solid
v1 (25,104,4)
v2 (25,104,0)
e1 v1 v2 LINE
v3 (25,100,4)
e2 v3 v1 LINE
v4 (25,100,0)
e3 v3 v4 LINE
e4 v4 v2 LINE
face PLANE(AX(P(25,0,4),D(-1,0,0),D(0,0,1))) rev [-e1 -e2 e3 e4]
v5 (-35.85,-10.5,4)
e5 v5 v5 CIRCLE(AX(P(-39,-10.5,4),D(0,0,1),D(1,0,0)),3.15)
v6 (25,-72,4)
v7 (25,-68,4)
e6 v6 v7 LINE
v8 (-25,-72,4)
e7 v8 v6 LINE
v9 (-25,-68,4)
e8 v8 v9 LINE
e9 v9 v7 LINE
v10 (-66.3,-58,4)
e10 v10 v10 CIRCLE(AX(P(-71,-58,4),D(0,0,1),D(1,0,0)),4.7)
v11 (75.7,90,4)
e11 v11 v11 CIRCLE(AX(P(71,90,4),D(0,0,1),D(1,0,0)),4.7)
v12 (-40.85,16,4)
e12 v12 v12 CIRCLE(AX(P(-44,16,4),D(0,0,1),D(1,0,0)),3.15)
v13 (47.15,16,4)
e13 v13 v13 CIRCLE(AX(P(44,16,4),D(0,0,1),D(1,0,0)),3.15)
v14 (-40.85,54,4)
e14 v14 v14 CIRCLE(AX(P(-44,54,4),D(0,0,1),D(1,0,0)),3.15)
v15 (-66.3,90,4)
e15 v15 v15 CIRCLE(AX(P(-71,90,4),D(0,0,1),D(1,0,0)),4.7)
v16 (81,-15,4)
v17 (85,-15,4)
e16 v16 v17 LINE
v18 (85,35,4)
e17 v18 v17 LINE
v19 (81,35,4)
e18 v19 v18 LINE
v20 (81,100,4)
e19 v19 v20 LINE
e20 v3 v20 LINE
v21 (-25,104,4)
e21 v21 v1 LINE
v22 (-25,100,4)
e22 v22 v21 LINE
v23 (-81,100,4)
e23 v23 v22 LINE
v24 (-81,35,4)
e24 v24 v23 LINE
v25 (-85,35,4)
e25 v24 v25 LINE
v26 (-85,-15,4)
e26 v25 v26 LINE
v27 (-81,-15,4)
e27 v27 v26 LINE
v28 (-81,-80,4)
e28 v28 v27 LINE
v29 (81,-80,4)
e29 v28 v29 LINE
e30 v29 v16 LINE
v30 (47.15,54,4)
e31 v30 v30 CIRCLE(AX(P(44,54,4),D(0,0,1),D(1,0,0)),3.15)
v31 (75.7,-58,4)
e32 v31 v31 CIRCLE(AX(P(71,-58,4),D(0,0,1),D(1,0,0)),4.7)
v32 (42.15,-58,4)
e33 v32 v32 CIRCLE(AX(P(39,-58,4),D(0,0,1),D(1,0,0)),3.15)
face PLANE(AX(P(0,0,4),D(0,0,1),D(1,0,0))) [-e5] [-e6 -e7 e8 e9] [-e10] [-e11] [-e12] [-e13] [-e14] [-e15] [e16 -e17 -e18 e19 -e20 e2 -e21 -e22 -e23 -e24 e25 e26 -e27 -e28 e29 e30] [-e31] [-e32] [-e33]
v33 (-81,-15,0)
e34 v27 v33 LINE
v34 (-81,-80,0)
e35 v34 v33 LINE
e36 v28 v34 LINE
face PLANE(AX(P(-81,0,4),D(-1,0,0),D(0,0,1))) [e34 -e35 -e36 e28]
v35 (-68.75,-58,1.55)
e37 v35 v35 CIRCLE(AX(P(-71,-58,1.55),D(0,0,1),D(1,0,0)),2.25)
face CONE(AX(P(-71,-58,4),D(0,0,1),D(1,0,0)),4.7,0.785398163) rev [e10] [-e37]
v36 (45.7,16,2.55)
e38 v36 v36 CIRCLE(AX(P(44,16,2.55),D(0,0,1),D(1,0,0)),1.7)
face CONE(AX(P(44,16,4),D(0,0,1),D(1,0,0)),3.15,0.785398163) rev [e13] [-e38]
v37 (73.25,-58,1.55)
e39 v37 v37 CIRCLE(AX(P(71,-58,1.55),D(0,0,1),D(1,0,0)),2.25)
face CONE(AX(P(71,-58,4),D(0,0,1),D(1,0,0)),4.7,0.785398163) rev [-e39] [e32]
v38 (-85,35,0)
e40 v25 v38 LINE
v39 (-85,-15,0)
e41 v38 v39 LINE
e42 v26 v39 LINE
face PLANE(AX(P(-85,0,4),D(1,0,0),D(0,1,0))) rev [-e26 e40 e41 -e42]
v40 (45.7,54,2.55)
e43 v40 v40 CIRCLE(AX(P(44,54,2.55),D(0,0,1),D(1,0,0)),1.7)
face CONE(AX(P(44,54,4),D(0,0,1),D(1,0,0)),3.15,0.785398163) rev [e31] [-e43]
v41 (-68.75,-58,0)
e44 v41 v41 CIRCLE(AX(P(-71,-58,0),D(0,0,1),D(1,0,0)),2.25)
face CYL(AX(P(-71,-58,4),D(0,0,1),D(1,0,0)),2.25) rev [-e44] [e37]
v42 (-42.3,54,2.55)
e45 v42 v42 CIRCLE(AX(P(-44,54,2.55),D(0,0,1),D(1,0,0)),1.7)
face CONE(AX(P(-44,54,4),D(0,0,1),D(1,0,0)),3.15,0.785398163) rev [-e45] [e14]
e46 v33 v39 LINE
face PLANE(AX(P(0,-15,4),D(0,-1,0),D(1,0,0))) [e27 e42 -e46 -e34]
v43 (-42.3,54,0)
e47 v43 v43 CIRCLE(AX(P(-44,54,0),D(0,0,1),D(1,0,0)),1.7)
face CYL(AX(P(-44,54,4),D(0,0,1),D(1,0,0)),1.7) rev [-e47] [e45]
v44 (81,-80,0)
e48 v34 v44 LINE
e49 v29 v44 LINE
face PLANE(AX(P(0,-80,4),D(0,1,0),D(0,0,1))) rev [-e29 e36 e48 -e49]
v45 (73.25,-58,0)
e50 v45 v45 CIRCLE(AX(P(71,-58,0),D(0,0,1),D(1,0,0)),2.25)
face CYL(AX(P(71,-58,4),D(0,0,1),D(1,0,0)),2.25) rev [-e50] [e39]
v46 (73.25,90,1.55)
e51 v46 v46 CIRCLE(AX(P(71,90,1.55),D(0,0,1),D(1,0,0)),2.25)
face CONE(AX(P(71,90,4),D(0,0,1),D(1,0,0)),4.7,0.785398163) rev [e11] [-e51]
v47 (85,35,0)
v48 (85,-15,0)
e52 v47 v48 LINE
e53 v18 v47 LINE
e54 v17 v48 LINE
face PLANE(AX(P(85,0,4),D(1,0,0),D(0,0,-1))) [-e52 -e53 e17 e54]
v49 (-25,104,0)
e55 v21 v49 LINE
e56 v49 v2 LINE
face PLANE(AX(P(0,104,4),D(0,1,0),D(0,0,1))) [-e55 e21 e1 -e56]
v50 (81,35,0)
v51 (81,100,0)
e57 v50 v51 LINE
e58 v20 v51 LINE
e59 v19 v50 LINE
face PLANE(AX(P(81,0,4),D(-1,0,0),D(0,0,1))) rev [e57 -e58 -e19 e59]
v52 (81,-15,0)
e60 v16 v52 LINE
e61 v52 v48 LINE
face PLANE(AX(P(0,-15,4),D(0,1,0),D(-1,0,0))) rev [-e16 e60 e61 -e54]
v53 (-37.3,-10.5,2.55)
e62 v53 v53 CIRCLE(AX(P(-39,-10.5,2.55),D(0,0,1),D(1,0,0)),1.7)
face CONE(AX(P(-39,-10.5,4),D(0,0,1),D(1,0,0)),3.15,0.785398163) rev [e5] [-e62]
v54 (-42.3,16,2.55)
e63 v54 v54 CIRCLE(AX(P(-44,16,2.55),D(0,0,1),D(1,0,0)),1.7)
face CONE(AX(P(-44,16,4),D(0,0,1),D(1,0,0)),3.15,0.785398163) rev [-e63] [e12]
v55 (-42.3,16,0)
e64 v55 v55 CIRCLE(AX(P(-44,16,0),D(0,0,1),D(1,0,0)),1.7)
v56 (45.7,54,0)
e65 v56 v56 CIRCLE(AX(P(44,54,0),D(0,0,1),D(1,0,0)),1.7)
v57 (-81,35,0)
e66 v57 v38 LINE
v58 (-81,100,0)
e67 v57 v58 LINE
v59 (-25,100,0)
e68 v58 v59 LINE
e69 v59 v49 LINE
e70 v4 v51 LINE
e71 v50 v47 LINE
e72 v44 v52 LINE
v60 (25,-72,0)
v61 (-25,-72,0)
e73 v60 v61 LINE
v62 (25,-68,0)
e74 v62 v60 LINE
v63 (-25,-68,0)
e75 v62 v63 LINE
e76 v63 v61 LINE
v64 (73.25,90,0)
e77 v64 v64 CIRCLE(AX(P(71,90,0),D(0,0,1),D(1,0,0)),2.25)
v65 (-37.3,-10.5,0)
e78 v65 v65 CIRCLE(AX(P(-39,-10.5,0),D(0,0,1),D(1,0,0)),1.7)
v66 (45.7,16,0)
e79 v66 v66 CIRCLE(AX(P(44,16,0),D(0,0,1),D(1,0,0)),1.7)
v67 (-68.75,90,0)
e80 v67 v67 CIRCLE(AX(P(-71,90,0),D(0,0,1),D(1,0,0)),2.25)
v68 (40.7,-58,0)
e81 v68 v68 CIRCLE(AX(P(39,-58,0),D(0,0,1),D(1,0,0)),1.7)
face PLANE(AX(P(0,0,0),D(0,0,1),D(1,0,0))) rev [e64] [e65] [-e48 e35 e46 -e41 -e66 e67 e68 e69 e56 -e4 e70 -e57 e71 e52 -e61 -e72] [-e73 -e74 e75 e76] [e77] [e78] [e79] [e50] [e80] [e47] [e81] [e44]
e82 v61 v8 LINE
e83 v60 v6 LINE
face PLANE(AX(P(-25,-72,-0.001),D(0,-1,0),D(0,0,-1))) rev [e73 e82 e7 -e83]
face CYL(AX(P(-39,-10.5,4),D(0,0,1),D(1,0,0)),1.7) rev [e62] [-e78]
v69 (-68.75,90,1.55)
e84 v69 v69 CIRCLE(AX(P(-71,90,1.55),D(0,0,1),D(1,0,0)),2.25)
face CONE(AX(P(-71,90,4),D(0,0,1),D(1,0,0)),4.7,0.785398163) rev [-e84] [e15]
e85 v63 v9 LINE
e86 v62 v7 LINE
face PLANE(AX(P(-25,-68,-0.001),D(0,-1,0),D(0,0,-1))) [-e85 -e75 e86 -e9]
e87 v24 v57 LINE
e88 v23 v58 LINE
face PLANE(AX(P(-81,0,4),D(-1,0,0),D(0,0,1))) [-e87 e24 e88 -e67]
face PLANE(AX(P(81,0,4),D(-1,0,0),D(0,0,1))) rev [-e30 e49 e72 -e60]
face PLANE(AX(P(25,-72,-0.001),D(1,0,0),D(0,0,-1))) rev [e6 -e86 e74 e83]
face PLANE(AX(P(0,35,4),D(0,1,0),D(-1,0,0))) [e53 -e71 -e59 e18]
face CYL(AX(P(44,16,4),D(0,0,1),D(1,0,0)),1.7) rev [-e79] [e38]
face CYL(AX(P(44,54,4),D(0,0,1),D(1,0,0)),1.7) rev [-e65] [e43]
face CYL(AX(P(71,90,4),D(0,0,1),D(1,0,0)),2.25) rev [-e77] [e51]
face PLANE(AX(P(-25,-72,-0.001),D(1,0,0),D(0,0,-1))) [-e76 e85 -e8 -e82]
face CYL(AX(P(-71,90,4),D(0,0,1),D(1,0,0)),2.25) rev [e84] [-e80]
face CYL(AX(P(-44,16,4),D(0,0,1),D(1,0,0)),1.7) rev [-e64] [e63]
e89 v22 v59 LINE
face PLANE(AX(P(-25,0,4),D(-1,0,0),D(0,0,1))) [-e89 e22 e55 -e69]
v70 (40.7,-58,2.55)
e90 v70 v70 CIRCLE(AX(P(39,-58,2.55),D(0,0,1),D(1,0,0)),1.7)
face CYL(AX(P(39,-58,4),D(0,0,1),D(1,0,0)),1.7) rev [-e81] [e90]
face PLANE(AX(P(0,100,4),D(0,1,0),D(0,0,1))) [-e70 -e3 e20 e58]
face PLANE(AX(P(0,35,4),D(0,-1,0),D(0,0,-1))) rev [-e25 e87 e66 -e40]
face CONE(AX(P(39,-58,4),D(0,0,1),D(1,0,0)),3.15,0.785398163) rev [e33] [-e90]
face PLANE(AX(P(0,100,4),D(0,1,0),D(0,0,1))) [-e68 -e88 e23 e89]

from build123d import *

# Parameters (mm, degrees)
SKETCH1_W                                           = 162
SKETCH1_H                                           = 180
SKETCH1_W_2                                         = 50
SKETCH1_H_2                                         = 4
SKETCH1_W_3                                         = 4
SKETCH1_H_3                                         = 50
BOSS_EXTRUDE2_DEPTH                                 = 4
CUT_EXTRUDE1_REACH                                  = 136.376
SKETCH2_W                                           = 50
SKETCH2_H                                           = 4
CSK_FOR_M3_COUNTERSUNK_FLAT_HEAD_SCREW1_D           = 3.4
CSK_FOR_M3_COUNTERSUNK_FLAT_HEAD_SCREW1_CSINK_D     = 6.3
CSK_FOR_M3_COUNTERSUNK_FLAT_HEAD_SCREW1_CSINK_ANGLE = 90
CSK_FOR_M4_COUNTERSUNK_FLAT_HEAD_SCR_2_COUNT        = 2
CSK_FOR_M4_COUNTERSUNK_FLAT_HEAD_SCR_2_PITCH        = 142
CSK_FOR_M4_COUNTERSUNK_FLAT_HEAD_SCR_3_COUNT        = 2
CSK_FOR_M4_COUNTERSUNK_FLAT_HEAD_SCR_3_PITCH        = 205.104851235
CSK_FOR_M4_COUNTERSUNK_FLAT_HEAD_SCR_4_COUNT        = 2
CSK_FOR_M4_COUNTERSUNK_FLAT_HEAD_SCR_4_PITCH        = 148
CSK_FOR_M3_COUNTERSUNK_FLAT_HEAD_SCREW3_D           = 3.4
CSK_FOR_M3_COUNTERSUNK_FLAT_HEAD_SCREW3_CSINK_D     = 6.3
CSK_FOR_M3_COUNTERSUNK_FLAT_HEAD_SCREW3_CSINK_ANGLE = 90


with BuildPart() as part:
    # Sketch1 → Boss-Extrude2 (new body)
    with BuildSketch(Plane.XY):
        with Locations((0, 10)):
            Rectangle(SKETCH1_W, SKETCH1_H)
        with Locations((0, 102)):
            Rectangle(SKETCH1_W_2, SKETCH1_H_2)
        with Locations((83, 10)):
            Rectangle(SKETCH1_W_3, SKETCH1_H_3)
        with Locations((-83, 10)):
            Rectangle(SKETCH1_W_3, SKETCH1_H_3)
    extrude(amount=BOSS_EXTRUDE2_DEPTH)

    # Sketch2 → Cut-Extrude1 (cut, up to next)
    with BuildSketch(Plane.XY.offset(4), mode=Mode.PRIVATE) as cut_extrude1_sk1:
        with Locations((0, -70)):
            Rectangle(SKETCH2_W, SKETCH2_H)
    cut_extrude1_tool1 = extrude(cut_extrude1_sk1.sketch, amount=-CUT_EXTRUDE1_REACH, mode=Mode.PRIVATE) & part.part
    add(cut_extrude1_tool1.solids().sort_by_distance((0, -70, 4))[0], mode=Mode.SUBTRACT)

    # CSK for M3 Countersunk Flat Head Screw1 (through all)
    with Locations(Plane(origin=(-44, 54, 4), x_dir=(1, 0, 0), z_dir=(0, 0, 1))):
        with Locations((0, 0), (88, 0), (88, -38), (0, -38)):
            CounterSinkHole(CSK_FOR_M3_COUNTERSUNK_FLAT_HEAD_SCREW1_D / 2, CSK_FOR_M3_COUNTERSUNK_FLAT_HEAD_SCREW1_CSINK_D / 2, counter_sink_angle=CSK_FOR_M3_COUNTERSUNK_FLAT_HEAD_SCREW1_CSINK_ANGLE)

    # Sketch6 → CSK for M4 Countersunk Flat Head Screw1 (revolve, cut)
    with BuildSketch(Plane(origin=(-71, 90, 4), x_dir=(0, -1, 0), z_dir=(1, 0, 0))):
        Polygon((0, 0), (0, 4), (2.25, 4), (2.25, 2.45), (4.7, 0), align=None)
    csk_for_m4_countersunk_flat_head_screw1 = revolve(axis=Axis((-71, 90, 10.35), (0, 0, -1)), mode=Mode.SUBTRACT)

    # CSK for M4 Countersunk Flat Head Scr 2: CSK for M4 Countersunk Flat Head Screw1 ×2
    with Locations(*[(i * CSK_FOR_M4_COUNTERSUNK_FLAT_HEAD_SCR_2_PITCH, 0, 0) for i in range(1, CSK_FOR_M4_COUNTERSUNK_FLAT_HEAD_SCR_2_COUNT)]):
        add(csk_for_m4_countersunk_flat_head_screw1, mode=Mode.SUBTRACT)

    # CSK for M4 Countersunk Flat Head Scr 3: CSK for M4 Countersunk Flat Head Screw1 ×2
    with Locations(*[Vector(0.6923288217962463, -0.7215821522946791, 0) * (i * CSK_FOR_M4_COUNTERSUNK_FLAT_HEAD_SCR_3_PITCH) for i in range(1, CSK_FOR_M4_COUNTERSUNK_FLAT_HEAD_SCR_3_COUNT)]):
        add(csk_for_m4_countersunk_flat_head_screw1, mode=Mode.SUBTRACT)

    # CSK for M4 Countersunk Flat Head Scr 4: CSK for M4 Countersunk Flat Head Screw1 ×2
    with Locations(*[(0, -i * CSK_FOR_M4_COUNTERSUNK_FLAT_HEAD_SCR_4_PITCH, 0) for i in range(1, CSK_FOR_M4_COUNTERSUNK_FLAT_HEAD_SCR_4_COUNT)]):
        add(csk_for_m4_countersunk_flat_head_screw1, mode=Mode.SUBTRACT)

    # CSK for M3 Countersunk Flat Head Screw3 (through all)
    with Locations(Plane(origin=(-39, -10.5, 4), x_dir=(1, 0, 0), z_dir=(0, 0, 1))):
        with Locations((0, 0), (78, -47.5)):
            CounterSinkHole(CSK_FOR_M3_COUNTERSUNK_FLAT_HEAD_SCREW3_D / 2, CSK_FOR_M3_COUNTERSUNK_FLAT_HEAD_SCREW3_CSINK_D / 2, counter_sink_angle=CSK_FOR_M3_COUNTERSUNK_FLAT_HEAD_SCREW3_CSINK_ANGLE)


solid = part.part
